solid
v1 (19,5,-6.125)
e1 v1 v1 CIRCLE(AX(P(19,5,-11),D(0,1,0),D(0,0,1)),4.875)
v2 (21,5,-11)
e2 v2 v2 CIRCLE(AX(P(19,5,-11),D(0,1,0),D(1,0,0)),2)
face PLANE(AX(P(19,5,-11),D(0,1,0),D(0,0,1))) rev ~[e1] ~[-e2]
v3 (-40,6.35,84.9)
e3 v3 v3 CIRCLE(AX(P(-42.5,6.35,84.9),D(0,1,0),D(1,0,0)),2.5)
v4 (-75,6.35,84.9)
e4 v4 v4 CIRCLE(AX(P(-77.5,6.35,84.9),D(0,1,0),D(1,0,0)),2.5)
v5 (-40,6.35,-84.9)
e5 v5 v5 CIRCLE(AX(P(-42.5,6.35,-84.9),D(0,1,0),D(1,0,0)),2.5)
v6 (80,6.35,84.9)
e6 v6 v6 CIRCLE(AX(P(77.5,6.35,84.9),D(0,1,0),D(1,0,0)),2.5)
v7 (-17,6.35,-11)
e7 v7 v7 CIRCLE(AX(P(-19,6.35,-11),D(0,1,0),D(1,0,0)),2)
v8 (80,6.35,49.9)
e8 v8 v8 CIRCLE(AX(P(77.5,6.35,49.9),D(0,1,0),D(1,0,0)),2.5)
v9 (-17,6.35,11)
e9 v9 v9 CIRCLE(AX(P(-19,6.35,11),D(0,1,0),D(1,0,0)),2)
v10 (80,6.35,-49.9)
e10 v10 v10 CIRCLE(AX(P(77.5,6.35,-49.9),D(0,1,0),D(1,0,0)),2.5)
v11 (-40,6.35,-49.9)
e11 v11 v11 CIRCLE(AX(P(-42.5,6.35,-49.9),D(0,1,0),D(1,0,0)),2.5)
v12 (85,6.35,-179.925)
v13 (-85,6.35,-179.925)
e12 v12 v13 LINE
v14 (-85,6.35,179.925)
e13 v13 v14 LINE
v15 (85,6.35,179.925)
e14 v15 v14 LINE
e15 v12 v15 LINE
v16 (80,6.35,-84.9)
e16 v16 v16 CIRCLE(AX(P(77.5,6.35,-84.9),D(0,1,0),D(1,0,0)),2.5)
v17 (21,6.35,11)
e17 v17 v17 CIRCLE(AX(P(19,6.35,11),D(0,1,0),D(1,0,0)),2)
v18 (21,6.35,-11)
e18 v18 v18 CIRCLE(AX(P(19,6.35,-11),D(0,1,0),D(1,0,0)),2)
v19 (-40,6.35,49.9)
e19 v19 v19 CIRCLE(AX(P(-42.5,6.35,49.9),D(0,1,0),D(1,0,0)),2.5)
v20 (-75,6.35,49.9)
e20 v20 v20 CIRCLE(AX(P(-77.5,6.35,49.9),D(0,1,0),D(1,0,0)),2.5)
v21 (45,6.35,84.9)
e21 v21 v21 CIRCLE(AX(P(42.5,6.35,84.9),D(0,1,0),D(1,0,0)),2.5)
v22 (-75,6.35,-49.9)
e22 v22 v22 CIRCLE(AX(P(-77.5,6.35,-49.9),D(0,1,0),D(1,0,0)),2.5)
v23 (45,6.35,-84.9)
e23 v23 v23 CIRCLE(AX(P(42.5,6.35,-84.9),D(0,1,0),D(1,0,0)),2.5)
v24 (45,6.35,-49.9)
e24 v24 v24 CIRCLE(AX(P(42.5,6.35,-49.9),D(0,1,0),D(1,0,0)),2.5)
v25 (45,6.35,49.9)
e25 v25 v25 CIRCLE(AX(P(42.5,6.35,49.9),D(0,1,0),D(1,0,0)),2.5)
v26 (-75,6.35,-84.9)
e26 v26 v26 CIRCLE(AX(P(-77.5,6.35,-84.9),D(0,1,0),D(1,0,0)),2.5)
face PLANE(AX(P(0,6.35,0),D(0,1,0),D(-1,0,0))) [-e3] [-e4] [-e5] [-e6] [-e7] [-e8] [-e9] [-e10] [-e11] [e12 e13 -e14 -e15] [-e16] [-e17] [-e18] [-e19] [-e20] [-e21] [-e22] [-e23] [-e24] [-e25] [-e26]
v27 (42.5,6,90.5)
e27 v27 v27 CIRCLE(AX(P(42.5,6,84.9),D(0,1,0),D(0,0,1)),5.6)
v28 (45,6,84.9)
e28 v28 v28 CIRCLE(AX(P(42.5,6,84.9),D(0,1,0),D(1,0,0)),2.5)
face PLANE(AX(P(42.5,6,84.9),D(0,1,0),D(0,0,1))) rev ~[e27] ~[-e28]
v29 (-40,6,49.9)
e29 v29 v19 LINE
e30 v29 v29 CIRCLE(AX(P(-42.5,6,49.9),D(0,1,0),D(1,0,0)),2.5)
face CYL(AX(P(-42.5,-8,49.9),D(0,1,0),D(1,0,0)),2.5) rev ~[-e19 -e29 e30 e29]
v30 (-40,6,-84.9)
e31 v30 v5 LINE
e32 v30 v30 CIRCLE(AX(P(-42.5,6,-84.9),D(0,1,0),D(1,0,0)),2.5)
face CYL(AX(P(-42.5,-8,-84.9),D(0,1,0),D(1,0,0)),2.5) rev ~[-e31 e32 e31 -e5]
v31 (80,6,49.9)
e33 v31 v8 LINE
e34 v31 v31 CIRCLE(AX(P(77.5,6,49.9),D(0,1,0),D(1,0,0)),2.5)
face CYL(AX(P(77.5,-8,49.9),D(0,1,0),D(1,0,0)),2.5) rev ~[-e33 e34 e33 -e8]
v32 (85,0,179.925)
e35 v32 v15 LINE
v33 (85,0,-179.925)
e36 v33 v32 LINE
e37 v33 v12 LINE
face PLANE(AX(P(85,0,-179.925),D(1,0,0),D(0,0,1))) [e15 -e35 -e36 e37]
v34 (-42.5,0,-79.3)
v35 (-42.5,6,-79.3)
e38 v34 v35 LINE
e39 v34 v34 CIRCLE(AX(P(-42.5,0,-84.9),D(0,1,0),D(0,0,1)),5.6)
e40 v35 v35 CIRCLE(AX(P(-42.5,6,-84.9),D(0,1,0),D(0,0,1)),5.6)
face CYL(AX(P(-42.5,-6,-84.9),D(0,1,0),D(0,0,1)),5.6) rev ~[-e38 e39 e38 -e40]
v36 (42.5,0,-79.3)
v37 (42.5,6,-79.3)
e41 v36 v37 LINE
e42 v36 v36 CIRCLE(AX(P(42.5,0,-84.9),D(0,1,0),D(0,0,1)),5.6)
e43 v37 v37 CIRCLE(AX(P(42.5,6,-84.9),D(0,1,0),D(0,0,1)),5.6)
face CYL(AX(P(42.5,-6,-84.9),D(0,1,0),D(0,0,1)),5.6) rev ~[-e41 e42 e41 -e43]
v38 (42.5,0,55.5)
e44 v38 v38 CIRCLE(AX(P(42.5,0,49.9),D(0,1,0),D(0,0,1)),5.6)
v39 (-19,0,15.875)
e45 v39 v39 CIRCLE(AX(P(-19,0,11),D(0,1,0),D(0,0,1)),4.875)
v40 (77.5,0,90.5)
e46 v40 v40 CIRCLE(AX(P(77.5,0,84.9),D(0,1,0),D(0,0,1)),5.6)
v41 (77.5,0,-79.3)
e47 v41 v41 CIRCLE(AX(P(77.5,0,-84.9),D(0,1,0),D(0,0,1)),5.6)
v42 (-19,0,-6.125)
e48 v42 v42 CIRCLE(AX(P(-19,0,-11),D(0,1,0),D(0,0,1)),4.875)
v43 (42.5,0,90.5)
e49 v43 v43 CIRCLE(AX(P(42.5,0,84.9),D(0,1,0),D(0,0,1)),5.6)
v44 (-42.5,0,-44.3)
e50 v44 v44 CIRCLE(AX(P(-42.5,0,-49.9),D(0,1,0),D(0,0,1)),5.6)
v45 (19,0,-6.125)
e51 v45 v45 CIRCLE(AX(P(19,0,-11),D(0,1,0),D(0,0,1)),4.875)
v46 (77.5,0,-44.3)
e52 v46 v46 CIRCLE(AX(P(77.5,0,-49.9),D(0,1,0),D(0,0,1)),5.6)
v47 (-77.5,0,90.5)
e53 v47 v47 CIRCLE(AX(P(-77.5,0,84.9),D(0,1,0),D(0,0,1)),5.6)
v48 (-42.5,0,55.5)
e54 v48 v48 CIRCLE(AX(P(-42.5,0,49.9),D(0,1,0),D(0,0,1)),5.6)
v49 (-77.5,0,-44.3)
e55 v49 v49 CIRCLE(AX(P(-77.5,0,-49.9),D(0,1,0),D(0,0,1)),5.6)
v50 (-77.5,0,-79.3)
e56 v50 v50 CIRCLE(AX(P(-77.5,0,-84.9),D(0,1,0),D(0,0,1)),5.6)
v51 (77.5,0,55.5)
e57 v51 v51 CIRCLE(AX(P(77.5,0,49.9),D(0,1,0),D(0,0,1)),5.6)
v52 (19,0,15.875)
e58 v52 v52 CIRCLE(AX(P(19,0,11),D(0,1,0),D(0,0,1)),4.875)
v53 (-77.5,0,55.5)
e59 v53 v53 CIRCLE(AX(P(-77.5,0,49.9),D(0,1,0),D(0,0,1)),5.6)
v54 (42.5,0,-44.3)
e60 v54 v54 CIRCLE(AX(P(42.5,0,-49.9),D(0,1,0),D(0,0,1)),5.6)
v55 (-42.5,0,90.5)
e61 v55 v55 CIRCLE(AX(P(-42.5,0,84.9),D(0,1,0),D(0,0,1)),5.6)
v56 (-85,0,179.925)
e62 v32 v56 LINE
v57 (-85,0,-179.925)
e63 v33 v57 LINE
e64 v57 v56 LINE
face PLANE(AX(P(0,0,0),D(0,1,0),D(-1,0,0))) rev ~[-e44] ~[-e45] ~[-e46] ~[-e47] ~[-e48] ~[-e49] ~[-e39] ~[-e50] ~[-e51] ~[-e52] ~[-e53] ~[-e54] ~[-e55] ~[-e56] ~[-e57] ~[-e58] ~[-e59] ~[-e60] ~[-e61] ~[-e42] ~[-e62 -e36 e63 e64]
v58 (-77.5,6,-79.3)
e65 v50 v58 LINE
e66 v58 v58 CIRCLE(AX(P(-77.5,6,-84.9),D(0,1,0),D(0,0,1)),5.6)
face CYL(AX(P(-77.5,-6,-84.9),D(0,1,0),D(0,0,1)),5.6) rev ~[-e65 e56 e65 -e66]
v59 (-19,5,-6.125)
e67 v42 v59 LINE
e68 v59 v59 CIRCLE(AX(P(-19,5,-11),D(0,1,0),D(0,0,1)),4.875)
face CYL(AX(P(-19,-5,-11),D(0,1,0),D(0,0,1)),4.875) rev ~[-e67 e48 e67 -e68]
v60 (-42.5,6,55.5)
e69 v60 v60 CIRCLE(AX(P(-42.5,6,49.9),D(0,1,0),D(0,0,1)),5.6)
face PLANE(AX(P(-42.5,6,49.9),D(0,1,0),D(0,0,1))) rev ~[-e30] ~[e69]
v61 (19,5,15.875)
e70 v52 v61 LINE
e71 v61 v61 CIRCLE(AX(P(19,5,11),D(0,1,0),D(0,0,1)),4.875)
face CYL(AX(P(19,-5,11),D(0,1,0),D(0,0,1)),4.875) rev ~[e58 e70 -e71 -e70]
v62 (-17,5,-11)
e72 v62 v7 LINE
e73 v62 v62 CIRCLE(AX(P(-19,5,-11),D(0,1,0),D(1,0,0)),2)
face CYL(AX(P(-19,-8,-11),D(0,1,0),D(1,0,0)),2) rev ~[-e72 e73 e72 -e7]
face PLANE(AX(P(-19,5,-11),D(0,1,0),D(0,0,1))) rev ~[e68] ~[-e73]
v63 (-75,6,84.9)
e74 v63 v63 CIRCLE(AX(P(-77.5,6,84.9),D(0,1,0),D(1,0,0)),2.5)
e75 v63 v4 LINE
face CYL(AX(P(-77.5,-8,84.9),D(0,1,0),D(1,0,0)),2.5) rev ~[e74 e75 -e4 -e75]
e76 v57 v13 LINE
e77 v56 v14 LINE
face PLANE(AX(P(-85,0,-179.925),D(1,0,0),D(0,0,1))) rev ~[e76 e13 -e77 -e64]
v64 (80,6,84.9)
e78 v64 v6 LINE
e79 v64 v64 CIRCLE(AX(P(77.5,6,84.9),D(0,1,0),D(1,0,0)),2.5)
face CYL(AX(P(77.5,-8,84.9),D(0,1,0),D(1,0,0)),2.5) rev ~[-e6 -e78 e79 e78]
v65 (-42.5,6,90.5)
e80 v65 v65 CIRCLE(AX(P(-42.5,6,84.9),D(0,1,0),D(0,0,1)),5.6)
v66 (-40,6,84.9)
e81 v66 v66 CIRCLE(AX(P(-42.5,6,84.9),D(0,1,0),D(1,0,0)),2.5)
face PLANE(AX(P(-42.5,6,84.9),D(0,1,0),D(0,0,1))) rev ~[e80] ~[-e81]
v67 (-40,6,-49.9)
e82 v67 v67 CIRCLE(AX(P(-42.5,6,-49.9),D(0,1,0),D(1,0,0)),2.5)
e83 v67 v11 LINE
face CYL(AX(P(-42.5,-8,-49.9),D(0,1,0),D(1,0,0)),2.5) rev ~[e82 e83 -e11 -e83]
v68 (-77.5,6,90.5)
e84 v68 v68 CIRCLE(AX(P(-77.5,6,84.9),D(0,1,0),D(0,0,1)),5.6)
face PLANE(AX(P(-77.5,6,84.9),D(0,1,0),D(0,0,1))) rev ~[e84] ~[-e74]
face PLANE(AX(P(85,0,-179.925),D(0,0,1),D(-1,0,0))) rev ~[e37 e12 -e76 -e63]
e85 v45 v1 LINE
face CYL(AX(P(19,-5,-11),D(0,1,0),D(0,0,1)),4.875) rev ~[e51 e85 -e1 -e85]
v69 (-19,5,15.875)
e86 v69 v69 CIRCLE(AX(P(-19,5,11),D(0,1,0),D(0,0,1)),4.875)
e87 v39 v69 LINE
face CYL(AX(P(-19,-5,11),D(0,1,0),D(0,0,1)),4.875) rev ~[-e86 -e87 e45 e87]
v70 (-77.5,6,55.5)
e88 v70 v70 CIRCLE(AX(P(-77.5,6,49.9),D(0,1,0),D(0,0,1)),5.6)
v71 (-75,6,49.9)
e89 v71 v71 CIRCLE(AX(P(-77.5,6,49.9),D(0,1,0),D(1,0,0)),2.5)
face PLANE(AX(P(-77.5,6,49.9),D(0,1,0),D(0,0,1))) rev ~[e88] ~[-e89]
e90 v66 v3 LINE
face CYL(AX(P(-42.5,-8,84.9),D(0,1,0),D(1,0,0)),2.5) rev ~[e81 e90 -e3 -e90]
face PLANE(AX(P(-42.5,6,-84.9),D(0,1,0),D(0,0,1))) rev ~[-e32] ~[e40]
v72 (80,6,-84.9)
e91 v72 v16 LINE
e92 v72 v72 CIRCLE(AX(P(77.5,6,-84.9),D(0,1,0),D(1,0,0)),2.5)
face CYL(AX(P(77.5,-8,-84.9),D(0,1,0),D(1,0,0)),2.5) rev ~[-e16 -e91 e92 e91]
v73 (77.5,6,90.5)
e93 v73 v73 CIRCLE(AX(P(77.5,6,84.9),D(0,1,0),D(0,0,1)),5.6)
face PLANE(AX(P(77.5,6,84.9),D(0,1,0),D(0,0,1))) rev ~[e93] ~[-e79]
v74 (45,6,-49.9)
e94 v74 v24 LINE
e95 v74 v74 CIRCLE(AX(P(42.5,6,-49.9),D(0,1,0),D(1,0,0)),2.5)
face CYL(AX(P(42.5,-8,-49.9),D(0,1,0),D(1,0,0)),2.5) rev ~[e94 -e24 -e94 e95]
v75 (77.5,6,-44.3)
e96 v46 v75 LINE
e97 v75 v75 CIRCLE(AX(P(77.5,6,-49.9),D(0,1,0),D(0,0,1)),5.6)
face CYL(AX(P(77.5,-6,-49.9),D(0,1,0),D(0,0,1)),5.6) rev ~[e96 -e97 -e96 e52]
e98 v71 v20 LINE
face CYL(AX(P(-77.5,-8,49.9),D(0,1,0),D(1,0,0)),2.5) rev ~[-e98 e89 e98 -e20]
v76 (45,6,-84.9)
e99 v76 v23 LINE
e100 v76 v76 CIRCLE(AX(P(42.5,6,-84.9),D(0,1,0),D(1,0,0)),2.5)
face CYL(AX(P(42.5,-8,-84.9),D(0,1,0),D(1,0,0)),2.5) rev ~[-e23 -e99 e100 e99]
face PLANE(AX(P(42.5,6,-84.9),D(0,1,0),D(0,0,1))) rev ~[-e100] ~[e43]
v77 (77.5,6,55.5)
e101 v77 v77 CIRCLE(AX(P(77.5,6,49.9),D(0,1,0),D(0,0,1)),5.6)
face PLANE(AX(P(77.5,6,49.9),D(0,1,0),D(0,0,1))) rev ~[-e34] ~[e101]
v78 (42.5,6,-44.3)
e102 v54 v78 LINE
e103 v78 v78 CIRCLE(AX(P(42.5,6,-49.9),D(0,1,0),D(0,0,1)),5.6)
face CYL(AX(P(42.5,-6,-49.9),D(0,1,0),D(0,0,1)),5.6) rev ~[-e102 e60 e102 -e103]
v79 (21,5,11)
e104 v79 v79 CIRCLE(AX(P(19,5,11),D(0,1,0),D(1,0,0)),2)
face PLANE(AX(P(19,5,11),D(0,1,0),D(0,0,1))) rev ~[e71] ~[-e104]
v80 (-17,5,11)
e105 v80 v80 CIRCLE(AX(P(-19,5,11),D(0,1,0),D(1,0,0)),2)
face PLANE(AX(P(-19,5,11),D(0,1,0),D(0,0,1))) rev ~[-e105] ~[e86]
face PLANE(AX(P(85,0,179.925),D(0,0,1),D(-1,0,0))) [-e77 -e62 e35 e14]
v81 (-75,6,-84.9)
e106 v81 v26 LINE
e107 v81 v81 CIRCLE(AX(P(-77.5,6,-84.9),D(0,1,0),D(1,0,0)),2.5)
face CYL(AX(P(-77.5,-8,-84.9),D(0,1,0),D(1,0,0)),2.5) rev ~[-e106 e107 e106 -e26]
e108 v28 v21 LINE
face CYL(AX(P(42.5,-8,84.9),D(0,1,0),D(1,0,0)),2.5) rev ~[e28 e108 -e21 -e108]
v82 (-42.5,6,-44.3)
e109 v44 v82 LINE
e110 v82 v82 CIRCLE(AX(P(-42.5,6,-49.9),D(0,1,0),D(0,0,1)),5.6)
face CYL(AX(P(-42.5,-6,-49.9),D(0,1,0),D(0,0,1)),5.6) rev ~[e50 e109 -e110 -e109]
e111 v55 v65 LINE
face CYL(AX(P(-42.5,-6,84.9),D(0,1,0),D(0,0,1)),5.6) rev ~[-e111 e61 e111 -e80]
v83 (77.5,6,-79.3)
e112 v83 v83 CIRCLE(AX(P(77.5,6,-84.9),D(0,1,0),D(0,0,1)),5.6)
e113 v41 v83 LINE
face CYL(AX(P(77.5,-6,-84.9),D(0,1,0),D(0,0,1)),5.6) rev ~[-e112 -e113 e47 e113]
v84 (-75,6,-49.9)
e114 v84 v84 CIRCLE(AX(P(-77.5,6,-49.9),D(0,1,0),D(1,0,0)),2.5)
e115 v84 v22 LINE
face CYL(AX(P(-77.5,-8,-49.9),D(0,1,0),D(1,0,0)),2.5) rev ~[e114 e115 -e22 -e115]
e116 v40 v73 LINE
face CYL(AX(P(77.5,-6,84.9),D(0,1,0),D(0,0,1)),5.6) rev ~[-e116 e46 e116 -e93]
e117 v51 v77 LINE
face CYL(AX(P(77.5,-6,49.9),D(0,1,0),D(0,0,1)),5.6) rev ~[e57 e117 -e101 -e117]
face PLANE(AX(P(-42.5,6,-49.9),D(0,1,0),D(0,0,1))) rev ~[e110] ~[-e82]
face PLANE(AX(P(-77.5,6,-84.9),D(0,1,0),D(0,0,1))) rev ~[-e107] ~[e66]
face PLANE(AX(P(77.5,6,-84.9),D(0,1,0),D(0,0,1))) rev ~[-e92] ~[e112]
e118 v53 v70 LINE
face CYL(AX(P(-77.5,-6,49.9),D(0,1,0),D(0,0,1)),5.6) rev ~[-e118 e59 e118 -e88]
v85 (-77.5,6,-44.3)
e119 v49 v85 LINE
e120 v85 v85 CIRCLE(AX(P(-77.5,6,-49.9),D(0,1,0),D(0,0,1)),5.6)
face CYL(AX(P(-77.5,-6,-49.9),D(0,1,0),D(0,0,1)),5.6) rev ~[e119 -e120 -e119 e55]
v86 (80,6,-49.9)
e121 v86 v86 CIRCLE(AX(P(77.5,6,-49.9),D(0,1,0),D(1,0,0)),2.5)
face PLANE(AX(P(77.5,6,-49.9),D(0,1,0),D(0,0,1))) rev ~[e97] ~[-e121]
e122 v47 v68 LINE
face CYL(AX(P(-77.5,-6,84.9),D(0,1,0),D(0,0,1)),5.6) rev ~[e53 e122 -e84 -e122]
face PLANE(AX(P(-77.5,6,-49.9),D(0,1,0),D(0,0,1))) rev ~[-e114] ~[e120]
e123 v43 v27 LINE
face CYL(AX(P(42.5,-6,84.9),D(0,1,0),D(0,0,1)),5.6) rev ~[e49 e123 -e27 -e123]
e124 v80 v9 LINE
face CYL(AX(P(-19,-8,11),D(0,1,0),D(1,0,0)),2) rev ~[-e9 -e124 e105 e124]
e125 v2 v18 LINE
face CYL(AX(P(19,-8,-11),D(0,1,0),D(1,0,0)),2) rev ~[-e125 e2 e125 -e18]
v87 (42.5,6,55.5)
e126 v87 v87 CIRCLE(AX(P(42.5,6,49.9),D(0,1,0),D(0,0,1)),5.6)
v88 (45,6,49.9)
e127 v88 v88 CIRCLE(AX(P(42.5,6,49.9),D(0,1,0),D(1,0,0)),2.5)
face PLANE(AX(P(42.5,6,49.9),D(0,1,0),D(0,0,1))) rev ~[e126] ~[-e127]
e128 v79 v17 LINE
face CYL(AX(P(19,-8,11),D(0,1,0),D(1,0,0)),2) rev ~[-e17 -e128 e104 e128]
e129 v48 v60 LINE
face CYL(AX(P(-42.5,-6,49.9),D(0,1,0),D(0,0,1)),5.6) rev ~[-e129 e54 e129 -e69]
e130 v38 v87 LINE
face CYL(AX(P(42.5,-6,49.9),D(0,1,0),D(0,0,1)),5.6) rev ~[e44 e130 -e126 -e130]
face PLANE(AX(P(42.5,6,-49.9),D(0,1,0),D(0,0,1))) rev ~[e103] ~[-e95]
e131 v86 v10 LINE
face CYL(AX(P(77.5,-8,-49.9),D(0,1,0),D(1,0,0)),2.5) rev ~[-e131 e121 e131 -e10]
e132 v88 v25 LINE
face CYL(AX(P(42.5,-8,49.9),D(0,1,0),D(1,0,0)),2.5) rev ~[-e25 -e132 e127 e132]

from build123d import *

# Parameters (mm, degrees)
SKETCH1_W        = 170
SKETCH1_H        = 359.85
EXTRUSION1_DEPTH = 6.35
HOLE2_D          = 4
HOLE2_DEPTH      = 8
HOLE2_TIP        = 1.201721238
HOLE3_D          = 5
HOLE3_DEPTH      = 8
HOLE3_TIP        = 1.502151548
HOLE4_D          = 9.75
HOLE4_DEPTH      = 5
HOLE5_D          = 11.2
HOLE5_DEPTH      = 6


with BuildPart() as part:
    # Sketch1 → Extrusion1 (new body)
    with BuildSketch(Plane(origin=(0, 0, 0), x_dir=(-1, 0, 0), z_dir=(0, 1, 0))):
        Rectangle(SKETCH1_W, SKETCH1_H)
    extrude(amount=EXTRUSION1_DEPTH)

    # Hole2
    with Locations(Plane(origin=(0, 0, 0), x_dir=(-1, 0, 0), z_dir=(0, -1, 0))):
        with Locations((19, -11), (-19, -11), (-19, 11), (19, 11)):
            Hole(HOLE2_D / 2, depth=HOLE2_DEPTH)
            with Locations((0, 0, -(HOLE2_DEPTH + HOLE2_TIP / 2))):  # 118° drill point
                Cone(0, HOLE2_D / 2, HOLE2_TIP, mode=Mode.SUBTRACT)

    # Hole3
    with Locations(Plane(origin=(0, 0, 0), x_dir=(-1, 0, 0), z_dir=(0, -1, 0))):
        with Locations((-42.5, -84.900000036), (-77.5, -84.900000036), (-42.5, -49.900000036), (-77.5, -49.900000036), (42.5, -49.900000036), (77.5, -49.900000036), (42.5, -84.900000036), (77.5, -84.900000036), (-77.5, 84.900000036), (-42.5, 84.900000036), (-77.5, 49.900000036), (-42.5, 49.900000036), (42.5, 84.900000036), (77.5, 84.900000036), (42.5, 49.900000036), (77.5, 49.900000036)):
            Hole(HOLE3_D / 2, depth=HOLE3_DEPTH)
            with Locations((0, 0, -(HOLE3_DEPTH + HOLE3_TIP / 2))):  # 118° drill point
                Cone(0, HOLE3_D / 2, HOLE3_TIP, mode=Mode.SUBTRACT)

    # Hole4
    with Locations(Plane(origin=(-19, 0, 11), x_dir=(0, 0, -1), z_dir=(0, -1, 0))):
        with Locations((0, 0), (0, 38), (22, 38), (22, 0)):
            Hole(HOLE4_D / 2, depth=HOLE4_DEPTH)

    # Hole5
    with Locations(Plane(origin=(-77.5, 0, 49.900000036), x_dir=(0, 0, -1), z_dir=(0, -1, 0))):
        with Locations((0, 0), (0, 35), (-35, 35), (-35, 0), (-35, 120), (-35, 155), (0, 155), (0, 120), (99.800000072, 155), (99.800000072, 120), (134.800000072, 120), (134.800000072, 155), (134.800000072, 35), (99.800000072, 35), (99.800000072, 0), (134.800000072, 0)):
            Hole(HOLE5_D / 2, depth=HOLE5_DEPTH)


solid = part.part
